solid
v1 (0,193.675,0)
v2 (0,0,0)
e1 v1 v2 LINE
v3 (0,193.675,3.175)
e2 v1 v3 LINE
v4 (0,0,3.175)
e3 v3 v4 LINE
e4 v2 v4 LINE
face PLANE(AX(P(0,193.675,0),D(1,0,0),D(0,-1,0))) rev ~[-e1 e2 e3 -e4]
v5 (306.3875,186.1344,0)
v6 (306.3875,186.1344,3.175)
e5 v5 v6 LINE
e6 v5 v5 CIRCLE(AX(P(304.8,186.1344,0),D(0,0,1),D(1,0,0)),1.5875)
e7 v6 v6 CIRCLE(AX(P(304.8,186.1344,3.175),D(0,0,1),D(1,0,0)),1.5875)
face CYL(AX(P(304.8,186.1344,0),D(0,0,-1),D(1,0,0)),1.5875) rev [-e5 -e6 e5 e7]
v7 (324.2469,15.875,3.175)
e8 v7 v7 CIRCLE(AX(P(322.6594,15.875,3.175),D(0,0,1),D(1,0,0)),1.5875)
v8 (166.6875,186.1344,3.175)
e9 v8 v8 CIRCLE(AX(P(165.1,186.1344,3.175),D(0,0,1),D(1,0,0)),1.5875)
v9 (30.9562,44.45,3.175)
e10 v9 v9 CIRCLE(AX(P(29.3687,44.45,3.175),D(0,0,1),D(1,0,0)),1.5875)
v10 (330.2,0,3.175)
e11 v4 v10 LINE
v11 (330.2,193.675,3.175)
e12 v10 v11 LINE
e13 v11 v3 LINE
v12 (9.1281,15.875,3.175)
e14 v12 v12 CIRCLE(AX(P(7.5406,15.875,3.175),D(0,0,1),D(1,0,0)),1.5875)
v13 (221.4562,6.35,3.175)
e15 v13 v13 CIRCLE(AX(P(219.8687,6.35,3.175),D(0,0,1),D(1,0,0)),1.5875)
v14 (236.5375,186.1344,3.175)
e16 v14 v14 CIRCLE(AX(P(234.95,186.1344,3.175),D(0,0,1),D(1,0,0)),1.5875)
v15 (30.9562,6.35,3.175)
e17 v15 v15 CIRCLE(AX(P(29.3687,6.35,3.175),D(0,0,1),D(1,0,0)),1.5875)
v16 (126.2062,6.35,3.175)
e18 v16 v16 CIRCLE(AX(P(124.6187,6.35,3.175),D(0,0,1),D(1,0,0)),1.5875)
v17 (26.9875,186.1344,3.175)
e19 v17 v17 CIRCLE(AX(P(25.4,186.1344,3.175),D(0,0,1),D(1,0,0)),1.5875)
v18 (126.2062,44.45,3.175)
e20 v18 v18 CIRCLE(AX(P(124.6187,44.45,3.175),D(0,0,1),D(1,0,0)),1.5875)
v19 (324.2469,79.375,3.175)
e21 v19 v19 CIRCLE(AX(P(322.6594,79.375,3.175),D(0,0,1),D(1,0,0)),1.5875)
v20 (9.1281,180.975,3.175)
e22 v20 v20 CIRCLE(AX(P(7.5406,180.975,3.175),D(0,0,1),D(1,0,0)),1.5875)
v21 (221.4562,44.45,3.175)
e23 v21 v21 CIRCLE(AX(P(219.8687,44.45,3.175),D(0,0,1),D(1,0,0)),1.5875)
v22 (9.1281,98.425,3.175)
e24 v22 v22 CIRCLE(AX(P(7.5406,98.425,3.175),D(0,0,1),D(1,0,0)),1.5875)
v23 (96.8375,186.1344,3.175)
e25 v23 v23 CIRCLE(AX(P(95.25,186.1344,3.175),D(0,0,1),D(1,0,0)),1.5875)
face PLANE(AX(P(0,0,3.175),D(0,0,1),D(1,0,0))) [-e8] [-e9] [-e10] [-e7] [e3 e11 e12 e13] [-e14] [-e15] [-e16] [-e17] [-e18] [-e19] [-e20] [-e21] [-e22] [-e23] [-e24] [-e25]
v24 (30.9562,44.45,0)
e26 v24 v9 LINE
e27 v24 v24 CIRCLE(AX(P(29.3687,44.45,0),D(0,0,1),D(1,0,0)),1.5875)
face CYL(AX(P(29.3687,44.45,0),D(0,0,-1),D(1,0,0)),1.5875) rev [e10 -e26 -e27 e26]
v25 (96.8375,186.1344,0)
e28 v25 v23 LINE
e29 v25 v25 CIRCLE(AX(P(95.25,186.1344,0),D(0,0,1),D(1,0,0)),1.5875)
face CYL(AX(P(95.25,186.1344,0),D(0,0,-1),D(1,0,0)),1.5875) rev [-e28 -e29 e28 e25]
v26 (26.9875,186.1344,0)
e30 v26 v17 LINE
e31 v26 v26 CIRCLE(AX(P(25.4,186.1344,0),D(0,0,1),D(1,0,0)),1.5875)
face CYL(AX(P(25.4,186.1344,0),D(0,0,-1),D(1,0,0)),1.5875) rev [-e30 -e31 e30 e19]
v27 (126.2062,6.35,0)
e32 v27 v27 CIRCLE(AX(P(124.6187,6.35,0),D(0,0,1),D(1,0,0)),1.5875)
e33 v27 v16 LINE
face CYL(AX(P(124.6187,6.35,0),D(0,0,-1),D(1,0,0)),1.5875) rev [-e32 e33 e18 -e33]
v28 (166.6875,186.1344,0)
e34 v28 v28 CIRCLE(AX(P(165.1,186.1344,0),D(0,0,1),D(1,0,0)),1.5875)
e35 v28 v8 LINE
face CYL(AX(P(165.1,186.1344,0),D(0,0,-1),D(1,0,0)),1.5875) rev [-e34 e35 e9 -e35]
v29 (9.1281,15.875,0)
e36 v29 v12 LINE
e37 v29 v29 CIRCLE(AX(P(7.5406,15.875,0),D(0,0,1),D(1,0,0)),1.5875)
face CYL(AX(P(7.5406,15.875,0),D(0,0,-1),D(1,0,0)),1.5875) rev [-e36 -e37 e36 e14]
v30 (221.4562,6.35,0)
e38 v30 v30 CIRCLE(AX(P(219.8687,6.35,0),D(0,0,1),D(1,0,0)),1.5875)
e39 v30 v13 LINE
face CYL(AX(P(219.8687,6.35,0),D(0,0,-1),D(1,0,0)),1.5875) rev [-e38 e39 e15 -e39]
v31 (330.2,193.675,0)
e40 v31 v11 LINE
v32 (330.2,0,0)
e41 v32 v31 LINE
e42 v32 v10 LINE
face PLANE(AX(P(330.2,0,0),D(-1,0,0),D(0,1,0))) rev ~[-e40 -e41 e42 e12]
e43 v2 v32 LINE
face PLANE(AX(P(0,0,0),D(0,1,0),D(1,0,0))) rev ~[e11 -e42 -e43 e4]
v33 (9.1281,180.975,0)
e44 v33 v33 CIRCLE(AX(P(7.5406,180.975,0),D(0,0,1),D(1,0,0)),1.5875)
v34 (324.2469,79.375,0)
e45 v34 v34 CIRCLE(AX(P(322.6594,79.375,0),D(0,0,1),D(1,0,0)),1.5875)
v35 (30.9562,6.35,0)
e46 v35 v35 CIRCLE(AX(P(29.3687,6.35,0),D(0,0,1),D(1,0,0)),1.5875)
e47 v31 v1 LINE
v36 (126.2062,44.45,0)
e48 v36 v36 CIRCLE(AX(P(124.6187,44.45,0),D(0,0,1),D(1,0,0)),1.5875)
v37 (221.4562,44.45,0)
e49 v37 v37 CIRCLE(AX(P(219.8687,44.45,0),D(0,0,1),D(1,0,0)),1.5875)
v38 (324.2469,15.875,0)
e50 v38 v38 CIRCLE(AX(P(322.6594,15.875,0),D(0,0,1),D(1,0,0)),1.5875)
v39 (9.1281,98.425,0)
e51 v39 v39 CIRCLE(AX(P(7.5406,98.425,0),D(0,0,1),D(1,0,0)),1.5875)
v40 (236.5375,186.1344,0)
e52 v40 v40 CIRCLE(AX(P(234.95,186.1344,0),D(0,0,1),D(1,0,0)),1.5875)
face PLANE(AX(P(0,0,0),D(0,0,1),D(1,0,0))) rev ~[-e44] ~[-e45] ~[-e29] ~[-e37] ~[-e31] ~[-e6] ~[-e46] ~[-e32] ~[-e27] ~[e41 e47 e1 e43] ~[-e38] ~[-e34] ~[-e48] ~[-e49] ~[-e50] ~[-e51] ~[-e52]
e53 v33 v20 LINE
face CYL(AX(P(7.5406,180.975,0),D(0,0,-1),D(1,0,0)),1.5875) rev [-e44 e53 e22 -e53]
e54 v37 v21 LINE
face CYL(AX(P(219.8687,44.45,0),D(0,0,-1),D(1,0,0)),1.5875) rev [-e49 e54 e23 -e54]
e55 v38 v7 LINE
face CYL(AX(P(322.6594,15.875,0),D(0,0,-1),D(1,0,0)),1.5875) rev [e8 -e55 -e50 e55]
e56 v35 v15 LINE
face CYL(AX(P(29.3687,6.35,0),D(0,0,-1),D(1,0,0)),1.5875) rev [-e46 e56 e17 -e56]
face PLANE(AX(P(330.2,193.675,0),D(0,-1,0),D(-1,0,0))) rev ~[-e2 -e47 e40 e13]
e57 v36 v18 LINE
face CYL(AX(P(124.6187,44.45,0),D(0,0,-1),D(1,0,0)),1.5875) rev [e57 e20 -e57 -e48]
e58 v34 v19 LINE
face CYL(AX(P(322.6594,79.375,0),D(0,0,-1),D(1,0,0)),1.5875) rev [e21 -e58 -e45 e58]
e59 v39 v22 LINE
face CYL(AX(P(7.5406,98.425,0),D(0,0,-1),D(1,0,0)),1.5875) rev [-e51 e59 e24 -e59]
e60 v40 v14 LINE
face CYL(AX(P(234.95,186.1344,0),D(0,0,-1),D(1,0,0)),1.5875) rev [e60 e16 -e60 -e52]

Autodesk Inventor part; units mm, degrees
ref_plane "YZ Plane" through (0, 0, 0) normal (1, 0, 0) x (0, 1, 0)
ref_plane "XZ Plane" through (0, 0, 0) normal (0, 1, 0) x (-1, 0, 0)
ref_plane "XY Plane" through (0, 0, 0) normal (0, 0, 1) x (1, 0, 0)
sketch "Sketch1" plane through (0, 0, 0) normal (0, 0, 1) x (1, 0, 0)
  line L0 (0, 0) -> (330.2, 0)
  line L1 (330.2, 0) -> (330.2, 193.675)
  line L2 (330.2, 193.675) -> (0, 193.675)
  line L3 (0, 193.675) -> (0, 0)
  circle A0 centre (234.95, 186.1344) radius 1.5875 projected
  circle A1 centre (95.25, 186.1344) radius 1.5875 projected
  circle A2 centre (25.4, 186.1344) radius 1.5875 projected
  circle A3 centre (165.1, 186.1344) radius 1.5875 projected
  circle A4 centre (304.8, 186.1344) radius 1.5875 projected
  line L4 (19.05, 178.5937) -> (19.05, 194.4687) construction
  line L5 (19.05, 178.5937) -> (311.15, 178.5937) construction
  line L6 (311.15, 194.4687) -> (311.15, 178.5937) construction
  line L7 (19.05, 194.4687) -> (311.15, 194.4687) construction
  circle A5 centre (115.0937, -106.3625) radius 2.54 construction
  circle A6 centre (26.1937, -106.3625) radius 2.54 construction
  circle A7 centre (219.8687, 6.35) radius 1.5875 projected
  circle A8 centre (124.6187, 6.35) radius 1.5875 projected
  circle A9 centre (29.3687, 6.35) radius 1.5875 projected
  circle A10 centre (219.8687, 44.45) radius 1.5875 projected
  circle A11 centre (124.6187, 44.45) radius 1.5875 projected
  circle A12 centre (29.3687, 44.45) radius 1.5875 projected
  line L8 (127.7937, -114.3) -> (127.7937, -88.9) construction
  line L9 (127.7937, -88.9) -> (146.8437, -88.9) construction
  line L10 (146.8437, -88.9) -> (146.8437, -114.3) construction
  line L11 (146.8437, -114.3) -> (296.0687, -114.3) construction
  line L12 (296.0687, -114.3) -> (226.2187, 0) construction
  line L13 (226.2187, 0) -> (226.2187, 50.8) construction
  line L14 (226.2187, 50.8) -> (16.6687, 50.8) construction
  line L15 (16.6687, 50.8) -> (16.6687, -114.3) construction
  line L16 (16.6687, -114.3) -> (127.7937, -114.3) construction
  circle A13 centre (7.5406, 98.425) radius 1.5875 projected
  circle A14 centre (7.5406, 15.875) radius 1.5875 projected
  circle A15 centre (7.5406, 180.975) radius 1.5875 projected
  line L17 (15.0812, 3.175) -> (-0.7937, 3.175) construction
  line L18 (15.0812, 3.175) -> (15.0812, 193.675) construction
  line L19 (-0.7937, 193.675) -> (15.0812, 193.675) construction
  line L20 (-0.7937, 3.175) -> (-0.7937, 193.675) construction
  circle A16 centre (322.6594, 15.875) radius 1.5875 projected
  circle A17 centre (322.6594, 79.375) radius 1.5875 projected
  line L21 (330.9938, 6.35) -> (315.1188, 6.35) construction
  line L22 (330.9938, 6.35) -> (330.9938, 88.9) construction
  line L23 (315.1188, 88.9) -> (330.9938, 88.9) construction
  line L24 (315.1188, 6.35) -> (315.1188, 88.9) construction
  dimension "d0" = 330.2
  dimension "d1" = 193.675
extrude "Extrusion1" add sketch "Sketch1" along normal blind 3.175
properties part number "Hopper Left Side" material "Polycarbonate, Clear"
